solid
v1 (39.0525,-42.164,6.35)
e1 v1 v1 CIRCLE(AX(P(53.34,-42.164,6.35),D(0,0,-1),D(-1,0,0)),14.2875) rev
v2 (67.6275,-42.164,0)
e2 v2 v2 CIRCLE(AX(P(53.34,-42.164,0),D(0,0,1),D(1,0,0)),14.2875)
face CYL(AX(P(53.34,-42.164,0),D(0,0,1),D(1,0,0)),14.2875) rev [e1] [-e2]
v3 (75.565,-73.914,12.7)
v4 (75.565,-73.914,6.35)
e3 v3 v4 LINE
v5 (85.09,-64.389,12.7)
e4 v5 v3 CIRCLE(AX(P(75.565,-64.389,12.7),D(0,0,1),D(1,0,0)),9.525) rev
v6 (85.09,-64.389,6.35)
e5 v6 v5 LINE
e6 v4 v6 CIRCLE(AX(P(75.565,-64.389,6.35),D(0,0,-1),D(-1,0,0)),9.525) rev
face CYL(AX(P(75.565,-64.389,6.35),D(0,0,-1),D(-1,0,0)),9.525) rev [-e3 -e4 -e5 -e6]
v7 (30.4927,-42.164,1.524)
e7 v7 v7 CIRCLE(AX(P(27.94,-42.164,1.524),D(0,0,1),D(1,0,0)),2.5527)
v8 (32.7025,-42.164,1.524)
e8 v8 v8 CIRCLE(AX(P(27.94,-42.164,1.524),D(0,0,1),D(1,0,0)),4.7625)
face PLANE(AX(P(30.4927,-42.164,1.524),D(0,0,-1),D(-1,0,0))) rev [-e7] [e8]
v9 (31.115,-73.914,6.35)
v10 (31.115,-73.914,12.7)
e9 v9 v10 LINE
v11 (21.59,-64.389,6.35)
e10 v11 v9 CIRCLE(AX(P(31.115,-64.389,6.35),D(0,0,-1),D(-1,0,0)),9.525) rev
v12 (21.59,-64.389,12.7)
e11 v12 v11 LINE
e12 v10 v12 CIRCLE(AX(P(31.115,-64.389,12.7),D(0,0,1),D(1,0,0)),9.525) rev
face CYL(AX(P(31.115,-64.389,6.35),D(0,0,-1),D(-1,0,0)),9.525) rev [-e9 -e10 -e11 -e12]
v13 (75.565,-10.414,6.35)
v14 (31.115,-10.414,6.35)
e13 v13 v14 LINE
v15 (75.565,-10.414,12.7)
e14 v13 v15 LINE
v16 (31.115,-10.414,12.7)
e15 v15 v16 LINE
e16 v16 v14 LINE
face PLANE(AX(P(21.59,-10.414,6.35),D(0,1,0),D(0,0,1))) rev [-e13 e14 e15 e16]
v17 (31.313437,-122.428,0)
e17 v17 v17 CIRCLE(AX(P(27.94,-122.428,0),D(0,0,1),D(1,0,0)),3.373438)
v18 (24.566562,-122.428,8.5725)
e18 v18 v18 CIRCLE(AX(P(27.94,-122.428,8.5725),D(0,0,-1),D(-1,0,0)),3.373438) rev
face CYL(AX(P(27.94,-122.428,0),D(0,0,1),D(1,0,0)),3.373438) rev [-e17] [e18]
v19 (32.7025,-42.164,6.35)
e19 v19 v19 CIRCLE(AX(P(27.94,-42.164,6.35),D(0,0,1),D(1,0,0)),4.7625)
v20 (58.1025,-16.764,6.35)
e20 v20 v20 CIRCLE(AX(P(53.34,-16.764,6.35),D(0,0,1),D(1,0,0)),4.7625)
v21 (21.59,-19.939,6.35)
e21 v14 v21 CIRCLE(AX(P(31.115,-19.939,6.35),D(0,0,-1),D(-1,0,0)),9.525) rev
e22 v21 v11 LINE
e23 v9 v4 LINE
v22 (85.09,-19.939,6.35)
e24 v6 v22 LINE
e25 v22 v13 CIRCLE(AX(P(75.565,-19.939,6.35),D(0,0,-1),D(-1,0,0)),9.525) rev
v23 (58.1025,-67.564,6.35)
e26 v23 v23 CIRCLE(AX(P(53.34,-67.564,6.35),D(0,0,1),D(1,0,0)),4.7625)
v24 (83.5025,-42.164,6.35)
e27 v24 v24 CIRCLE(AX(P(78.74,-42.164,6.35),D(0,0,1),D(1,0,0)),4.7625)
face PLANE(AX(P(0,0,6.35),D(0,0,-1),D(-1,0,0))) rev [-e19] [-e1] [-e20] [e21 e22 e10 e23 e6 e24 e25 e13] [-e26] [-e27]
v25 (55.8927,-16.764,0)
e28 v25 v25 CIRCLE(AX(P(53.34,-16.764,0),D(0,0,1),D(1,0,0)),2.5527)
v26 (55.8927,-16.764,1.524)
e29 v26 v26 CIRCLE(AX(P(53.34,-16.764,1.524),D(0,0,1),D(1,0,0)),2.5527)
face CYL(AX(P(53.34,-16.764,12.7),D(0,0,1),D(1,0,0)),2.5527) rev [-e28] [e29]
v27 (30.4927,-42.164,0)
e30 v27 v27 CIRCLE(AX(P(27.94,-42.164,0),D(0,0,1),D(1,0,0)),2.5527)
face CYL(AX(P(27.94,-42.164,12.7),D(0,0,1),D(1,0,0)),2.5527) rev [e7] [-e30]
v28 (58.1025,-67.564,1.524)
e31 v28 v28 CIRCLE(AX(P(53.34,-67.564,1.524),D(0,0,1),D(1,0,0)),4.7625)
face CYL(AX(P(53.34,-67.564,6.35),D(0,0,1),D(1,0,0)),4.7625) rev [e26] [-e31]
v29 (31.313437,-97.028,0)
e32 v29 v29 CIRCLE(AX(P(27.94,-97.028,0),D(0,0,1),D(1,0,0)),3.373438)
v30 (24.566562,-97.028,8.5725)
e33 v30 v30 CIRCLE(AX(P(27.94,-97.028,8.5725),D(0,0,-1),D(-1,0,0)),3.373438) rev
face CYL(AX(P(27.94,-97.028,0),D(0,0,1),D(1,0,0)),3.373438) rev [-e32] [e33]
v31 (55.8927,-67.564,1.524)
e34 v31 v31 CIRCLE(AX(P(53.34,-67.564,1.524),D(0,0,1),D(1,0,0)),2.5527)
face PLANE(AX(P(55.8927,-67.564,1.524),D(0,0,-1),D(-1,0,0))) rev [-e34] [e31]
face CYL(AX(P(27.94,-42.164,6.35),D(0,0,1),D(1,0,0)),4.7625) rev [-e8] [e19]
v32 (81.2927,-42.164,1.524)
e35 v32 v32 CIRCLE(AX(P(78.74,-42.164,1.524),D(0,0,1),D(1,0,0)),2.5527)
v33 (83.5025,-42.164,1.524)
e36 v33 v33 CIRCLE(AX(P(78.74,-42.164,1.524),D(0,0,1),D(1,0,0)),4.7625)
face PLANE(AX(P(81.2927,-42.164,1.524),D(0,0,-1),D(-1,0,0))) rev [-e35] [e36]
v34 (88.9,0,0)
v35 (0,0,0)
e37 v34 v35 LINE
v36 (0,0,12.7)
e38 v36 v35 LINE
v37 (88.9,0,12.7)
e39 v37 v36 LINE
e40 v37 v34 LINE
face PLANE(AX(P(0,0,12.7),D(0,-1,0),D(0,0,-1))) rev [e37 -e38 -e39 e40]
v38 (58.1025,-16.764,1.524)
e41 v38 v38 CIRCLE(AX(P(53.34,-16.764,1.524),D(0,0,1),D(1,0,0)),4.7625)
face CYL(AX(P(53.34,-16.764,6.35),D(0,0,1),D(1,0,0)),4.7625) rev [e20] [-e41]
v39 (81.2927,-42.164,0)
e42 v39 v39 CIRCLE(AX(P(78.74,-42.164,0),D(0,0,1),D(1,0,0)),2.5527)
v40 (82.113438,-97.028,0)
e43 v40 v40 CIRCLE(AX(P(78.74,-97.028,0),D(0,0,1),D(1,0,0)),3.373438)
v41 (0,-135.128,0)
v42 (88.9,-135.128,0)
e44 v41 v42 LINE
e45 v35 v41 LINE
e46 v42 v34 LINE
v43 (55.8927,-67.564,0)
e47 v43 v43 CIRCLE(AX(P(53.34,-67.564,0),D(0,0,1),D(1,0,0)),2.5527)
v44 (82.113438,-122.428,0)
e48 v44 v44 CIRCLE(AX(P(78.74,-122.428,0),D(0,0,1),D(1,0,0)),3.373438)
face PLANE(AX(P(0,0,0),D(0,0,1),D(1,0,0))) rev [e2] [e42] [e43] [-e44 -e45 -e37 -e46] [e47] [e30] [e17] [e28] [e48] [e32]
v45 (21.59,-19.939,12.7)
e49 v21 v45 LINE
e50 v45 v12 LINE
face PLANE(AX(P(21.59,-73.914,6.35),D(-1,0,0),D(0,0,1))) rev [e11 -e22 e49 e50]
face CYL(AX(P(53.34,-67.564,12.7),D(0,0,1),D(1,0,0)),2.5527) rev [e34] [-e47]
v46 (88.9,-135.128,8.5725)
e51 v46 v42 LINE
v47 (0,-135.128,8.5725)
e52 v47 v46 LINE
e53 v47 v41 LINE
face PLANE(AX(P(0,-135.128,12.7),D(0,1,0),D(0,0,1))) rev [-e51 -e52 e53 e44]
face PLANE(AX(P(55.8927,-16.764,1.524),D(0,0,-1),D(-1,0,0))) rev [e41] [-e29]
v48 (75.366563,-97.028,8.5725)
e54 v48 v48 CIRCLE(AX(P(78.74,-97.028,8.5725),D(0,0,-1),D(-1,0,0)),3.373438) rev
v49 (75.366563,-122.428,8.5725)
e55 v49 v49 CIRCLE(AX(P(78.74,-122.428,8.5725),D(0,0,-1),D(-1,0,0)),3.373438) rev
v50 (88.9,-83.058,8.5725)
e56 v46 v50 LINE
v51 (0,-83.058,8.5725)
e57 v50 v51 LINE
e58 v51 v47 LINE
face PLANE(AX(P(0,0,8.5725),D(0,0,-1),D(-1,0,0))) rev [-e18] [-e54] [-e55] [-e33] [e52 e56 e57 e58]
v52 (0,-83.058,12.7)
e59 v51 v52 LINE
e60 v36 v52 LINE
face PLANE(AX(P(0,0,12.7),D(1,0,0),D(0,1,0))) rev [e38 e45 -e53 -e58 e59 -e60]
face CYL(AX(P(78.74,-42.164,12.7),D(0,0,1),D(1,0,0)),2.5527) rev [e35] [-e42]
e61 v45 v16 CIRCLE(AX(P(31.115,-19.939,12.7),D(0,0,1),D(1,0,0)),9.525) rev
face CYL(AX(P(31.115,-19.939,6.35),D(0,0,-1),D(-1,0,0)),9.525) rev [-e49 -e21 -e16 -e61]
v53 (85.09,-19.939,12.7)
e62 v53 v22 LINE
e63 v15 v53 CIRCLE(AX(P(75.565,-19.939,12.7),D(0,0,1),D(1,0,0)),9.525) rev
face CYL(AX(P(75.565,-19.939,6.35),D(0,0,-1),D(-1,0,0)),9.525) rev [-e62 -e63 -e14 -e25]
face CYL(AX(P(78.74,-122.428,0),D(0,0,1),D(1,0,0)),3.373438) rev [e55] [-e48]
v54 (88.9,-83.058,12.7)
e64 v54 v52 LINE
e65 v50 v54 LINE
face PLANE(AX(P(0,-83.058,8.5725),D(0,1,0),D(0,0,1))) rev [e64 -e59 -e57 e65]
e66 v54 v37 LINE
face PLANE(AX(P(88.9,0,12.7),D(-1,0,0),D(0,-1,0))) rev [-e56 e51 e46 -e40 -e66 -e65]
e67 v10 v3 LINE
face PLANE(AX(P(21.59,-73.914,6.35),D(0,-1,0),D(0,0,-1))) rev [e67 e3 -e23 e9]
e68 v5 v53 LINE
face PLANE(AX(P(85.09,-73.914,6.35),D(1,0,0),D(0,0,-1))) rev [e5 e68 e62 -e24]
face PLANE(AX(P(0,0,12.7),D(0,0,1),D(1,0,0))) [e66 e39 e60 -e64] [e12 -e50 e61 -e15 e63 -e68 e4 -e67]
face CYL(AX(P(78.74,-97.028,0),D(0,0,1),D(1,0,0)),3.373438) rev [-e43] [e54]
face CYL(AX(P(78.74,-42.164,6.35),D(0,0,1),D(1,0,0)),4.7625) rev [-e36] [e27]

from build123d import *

# Parameters (mm, degrees)
SKETCH1_W                                       = 88.9
SKETCH1_H                                       = 135.128
BOSS_EXTRUDE1_DEPTH                             = 12.7
SKETCH2_R                                       = 14.2875
CUT_EXTRUDE1_DEPTH                              = 163.246961093
CBORE_FOR_10_SOCKET_HEAD_CAP_SCREW1_D           = 5.1054
CBORE_FOR_10_SOCKET_HEAD_CAP_SCREW1_CBORE_D     = 9.525
CBORE_FOR_10_SOCKET_HEAD_CAP_SCREW1_CBORE_DEPTH = 4.826
SKETCH5_R                                       = 3.3734375
CUT_EXTRUDE2_DEPTH                              = 163.246961093
SKETCH6_W                                       = 63.5
SKETCH6_H                                       = 63.5
CUT_EXTRUDE3_DEPTH                              = 6.35
FILLET1_R                                       = 9.525
SKETCH7_W                                       = 88.9
SKETCH7_H                                       = 52.07
CUT_EXTRUDE4_DEPTH                              = 4.1275
CBORE_FOR_10_SOCKET_HEAD_CAP_SCREW2_D           = 5.1054
CBORE_FOR_10_SOCKET_HEAD_CAP_SCREW2_DEPTH       = 22.86
CBORE_FOR_10_SOCKET_HEAD_CAP_SCREW2_CBORE_D     = 9.525
CBORE_FOR_10_SOCKET_HEAD_CAP_SCREW2_CBORE_DEPTH = 4.826
CBORE_FOR_10_SOCKET_HEAD_CAP_SCREW2_TIP         = 1.533816902


with BuildPart() as part:
    # Sketch1 → Boss-Extrude1 (new body)
    with BuildSketch(Plane.XY):
        with Locations((44.45, -67.564)):
            Rectangle(SKETCH1_W, SKETCH1_H)
    extrude(amount=BOSS_EXTRUDE1_DEPTH)

    # Sketch2 → Cut-Extrude1 (cut, through all)
    with BuildSketch(Plane.XY.offset(12.7)):
        with Locations((53.34, -42.164)):
            Circle(SKETCH2_R)
    extrude(amount=-CUT_EXTRUDE1_DEPTH, mode=Mode.SUBTRACT)

    # CBORE for #10 Socket Head Cap Screw1 (through all)
    with Locations(Plane.XY.offset(12.7)):
        with Locations((53.34, -16.764), (53.34, -67.564), (27.94, -42.164), (78.74, -42.164)):
            CounterBoreHole(CBORE_FOR_10_SOCKET_HEAD_CAP_SCREW1_D / 2, CBORE_FOR_10_SOCKET_HEAD_CAP_SCREW1_CBORE_D / 2, CBORE_FOR_10_SOCKET_HEAD_CAP_SCREW1_CBORE_DEPTH)

    # Sketch5 → Cut-Extrude2 (cut, through all)
    with BuildSketch(Plane.XY.offset(12.7)):
        with Locations((27.94, -122.428)):
            Circle(SKETCH5_R)
        with Locations((78.74, -122.428)):
            Circle(SKETCH5_R)
        with Locations((27.94, -97.028)):
            Circle(SKETCH5_R)
        with Locations((78.74, -97.028)):
            Circle(SKETCH5_R)
    extrude(amount=-CUT_EXTRUDE2_DEPTH, mode=Mode.SUBTRACT)

    # Sketch6 → Cut-Extrude3 (cut)
    with BuildSketch(Plane.XY.offset(12.7)):
        with Locations((53.34, -42.164)):
            Rectangle(SKETCH6_W, SKETCH6_H)
    extrude(amount=-CUT_EXTRUDE3_DEPTH, mode=Mode.SUBTRACT)

    # Fillet1
    fillet1_edges = [part.edges().sort_by_distance(p)[0] for p in [
        (85.09, -10.414, 9.525),
        (85.09, -73.914, 9.525),
        (21.59, -73.914, 9.525),
        (21.59, -10.414, 9.525),
    ]]
    fillet(fillet1_edges, radius=FILLET1_R)

    # Sketch7 → Cut-Extrude4 (cut)
    with BuildSketch(Plane.XY.offset(12.7)):
        with Locations((44.45, -109.093)):
            Rectangle(SKETCH7_W, SKETCH7_H)
    extrude(amount=-CUT_EXTRUDE4_DEPTH, mode=Mode.SUBTRACT)

    # CBORE for #10 Socket Head Cap Screw2
    with Locations(Plane.XY.offset(6.35)):
        with Locations((53.34, -16.764), (78.74, -42.164), (53.34, -67.564), (27.94, -42.164)):
            CounterBoreHole(CBORE_FOR_10_SOCKET_HEAD_CAP_SCREW2_D / 2, CBORE_FOR_10_SOCKET_HEAD_CAP_SCREW2_CBORE_D / 2, CBORE_FOR_10_SOCKET_HEAD_CAP_SCREW2_CBORE_DEPTH, depth=CBORE_FOR_10_SOCKET_HEAD_CAP_SCREW2_DEPTH)
            with Locations((0, 0, -(CBORE_FOR_10_SOCKET_HEAD_CAP_SCREW2_DEPTH + CBORE_FOR_10_SOCKET_HEAD_CAP_SCREW2_TIP / 2))):  # 118° drill point
                Cone(0, CBORE_FOR_10_SOCKET_HEAD_CAP_SCREW2_D / 2, CBORE_FOR_10_SOCKET_HEAD_CAP_SCREW2_TIP, mode=Mode.SUBTRACT)


solid = part.part
